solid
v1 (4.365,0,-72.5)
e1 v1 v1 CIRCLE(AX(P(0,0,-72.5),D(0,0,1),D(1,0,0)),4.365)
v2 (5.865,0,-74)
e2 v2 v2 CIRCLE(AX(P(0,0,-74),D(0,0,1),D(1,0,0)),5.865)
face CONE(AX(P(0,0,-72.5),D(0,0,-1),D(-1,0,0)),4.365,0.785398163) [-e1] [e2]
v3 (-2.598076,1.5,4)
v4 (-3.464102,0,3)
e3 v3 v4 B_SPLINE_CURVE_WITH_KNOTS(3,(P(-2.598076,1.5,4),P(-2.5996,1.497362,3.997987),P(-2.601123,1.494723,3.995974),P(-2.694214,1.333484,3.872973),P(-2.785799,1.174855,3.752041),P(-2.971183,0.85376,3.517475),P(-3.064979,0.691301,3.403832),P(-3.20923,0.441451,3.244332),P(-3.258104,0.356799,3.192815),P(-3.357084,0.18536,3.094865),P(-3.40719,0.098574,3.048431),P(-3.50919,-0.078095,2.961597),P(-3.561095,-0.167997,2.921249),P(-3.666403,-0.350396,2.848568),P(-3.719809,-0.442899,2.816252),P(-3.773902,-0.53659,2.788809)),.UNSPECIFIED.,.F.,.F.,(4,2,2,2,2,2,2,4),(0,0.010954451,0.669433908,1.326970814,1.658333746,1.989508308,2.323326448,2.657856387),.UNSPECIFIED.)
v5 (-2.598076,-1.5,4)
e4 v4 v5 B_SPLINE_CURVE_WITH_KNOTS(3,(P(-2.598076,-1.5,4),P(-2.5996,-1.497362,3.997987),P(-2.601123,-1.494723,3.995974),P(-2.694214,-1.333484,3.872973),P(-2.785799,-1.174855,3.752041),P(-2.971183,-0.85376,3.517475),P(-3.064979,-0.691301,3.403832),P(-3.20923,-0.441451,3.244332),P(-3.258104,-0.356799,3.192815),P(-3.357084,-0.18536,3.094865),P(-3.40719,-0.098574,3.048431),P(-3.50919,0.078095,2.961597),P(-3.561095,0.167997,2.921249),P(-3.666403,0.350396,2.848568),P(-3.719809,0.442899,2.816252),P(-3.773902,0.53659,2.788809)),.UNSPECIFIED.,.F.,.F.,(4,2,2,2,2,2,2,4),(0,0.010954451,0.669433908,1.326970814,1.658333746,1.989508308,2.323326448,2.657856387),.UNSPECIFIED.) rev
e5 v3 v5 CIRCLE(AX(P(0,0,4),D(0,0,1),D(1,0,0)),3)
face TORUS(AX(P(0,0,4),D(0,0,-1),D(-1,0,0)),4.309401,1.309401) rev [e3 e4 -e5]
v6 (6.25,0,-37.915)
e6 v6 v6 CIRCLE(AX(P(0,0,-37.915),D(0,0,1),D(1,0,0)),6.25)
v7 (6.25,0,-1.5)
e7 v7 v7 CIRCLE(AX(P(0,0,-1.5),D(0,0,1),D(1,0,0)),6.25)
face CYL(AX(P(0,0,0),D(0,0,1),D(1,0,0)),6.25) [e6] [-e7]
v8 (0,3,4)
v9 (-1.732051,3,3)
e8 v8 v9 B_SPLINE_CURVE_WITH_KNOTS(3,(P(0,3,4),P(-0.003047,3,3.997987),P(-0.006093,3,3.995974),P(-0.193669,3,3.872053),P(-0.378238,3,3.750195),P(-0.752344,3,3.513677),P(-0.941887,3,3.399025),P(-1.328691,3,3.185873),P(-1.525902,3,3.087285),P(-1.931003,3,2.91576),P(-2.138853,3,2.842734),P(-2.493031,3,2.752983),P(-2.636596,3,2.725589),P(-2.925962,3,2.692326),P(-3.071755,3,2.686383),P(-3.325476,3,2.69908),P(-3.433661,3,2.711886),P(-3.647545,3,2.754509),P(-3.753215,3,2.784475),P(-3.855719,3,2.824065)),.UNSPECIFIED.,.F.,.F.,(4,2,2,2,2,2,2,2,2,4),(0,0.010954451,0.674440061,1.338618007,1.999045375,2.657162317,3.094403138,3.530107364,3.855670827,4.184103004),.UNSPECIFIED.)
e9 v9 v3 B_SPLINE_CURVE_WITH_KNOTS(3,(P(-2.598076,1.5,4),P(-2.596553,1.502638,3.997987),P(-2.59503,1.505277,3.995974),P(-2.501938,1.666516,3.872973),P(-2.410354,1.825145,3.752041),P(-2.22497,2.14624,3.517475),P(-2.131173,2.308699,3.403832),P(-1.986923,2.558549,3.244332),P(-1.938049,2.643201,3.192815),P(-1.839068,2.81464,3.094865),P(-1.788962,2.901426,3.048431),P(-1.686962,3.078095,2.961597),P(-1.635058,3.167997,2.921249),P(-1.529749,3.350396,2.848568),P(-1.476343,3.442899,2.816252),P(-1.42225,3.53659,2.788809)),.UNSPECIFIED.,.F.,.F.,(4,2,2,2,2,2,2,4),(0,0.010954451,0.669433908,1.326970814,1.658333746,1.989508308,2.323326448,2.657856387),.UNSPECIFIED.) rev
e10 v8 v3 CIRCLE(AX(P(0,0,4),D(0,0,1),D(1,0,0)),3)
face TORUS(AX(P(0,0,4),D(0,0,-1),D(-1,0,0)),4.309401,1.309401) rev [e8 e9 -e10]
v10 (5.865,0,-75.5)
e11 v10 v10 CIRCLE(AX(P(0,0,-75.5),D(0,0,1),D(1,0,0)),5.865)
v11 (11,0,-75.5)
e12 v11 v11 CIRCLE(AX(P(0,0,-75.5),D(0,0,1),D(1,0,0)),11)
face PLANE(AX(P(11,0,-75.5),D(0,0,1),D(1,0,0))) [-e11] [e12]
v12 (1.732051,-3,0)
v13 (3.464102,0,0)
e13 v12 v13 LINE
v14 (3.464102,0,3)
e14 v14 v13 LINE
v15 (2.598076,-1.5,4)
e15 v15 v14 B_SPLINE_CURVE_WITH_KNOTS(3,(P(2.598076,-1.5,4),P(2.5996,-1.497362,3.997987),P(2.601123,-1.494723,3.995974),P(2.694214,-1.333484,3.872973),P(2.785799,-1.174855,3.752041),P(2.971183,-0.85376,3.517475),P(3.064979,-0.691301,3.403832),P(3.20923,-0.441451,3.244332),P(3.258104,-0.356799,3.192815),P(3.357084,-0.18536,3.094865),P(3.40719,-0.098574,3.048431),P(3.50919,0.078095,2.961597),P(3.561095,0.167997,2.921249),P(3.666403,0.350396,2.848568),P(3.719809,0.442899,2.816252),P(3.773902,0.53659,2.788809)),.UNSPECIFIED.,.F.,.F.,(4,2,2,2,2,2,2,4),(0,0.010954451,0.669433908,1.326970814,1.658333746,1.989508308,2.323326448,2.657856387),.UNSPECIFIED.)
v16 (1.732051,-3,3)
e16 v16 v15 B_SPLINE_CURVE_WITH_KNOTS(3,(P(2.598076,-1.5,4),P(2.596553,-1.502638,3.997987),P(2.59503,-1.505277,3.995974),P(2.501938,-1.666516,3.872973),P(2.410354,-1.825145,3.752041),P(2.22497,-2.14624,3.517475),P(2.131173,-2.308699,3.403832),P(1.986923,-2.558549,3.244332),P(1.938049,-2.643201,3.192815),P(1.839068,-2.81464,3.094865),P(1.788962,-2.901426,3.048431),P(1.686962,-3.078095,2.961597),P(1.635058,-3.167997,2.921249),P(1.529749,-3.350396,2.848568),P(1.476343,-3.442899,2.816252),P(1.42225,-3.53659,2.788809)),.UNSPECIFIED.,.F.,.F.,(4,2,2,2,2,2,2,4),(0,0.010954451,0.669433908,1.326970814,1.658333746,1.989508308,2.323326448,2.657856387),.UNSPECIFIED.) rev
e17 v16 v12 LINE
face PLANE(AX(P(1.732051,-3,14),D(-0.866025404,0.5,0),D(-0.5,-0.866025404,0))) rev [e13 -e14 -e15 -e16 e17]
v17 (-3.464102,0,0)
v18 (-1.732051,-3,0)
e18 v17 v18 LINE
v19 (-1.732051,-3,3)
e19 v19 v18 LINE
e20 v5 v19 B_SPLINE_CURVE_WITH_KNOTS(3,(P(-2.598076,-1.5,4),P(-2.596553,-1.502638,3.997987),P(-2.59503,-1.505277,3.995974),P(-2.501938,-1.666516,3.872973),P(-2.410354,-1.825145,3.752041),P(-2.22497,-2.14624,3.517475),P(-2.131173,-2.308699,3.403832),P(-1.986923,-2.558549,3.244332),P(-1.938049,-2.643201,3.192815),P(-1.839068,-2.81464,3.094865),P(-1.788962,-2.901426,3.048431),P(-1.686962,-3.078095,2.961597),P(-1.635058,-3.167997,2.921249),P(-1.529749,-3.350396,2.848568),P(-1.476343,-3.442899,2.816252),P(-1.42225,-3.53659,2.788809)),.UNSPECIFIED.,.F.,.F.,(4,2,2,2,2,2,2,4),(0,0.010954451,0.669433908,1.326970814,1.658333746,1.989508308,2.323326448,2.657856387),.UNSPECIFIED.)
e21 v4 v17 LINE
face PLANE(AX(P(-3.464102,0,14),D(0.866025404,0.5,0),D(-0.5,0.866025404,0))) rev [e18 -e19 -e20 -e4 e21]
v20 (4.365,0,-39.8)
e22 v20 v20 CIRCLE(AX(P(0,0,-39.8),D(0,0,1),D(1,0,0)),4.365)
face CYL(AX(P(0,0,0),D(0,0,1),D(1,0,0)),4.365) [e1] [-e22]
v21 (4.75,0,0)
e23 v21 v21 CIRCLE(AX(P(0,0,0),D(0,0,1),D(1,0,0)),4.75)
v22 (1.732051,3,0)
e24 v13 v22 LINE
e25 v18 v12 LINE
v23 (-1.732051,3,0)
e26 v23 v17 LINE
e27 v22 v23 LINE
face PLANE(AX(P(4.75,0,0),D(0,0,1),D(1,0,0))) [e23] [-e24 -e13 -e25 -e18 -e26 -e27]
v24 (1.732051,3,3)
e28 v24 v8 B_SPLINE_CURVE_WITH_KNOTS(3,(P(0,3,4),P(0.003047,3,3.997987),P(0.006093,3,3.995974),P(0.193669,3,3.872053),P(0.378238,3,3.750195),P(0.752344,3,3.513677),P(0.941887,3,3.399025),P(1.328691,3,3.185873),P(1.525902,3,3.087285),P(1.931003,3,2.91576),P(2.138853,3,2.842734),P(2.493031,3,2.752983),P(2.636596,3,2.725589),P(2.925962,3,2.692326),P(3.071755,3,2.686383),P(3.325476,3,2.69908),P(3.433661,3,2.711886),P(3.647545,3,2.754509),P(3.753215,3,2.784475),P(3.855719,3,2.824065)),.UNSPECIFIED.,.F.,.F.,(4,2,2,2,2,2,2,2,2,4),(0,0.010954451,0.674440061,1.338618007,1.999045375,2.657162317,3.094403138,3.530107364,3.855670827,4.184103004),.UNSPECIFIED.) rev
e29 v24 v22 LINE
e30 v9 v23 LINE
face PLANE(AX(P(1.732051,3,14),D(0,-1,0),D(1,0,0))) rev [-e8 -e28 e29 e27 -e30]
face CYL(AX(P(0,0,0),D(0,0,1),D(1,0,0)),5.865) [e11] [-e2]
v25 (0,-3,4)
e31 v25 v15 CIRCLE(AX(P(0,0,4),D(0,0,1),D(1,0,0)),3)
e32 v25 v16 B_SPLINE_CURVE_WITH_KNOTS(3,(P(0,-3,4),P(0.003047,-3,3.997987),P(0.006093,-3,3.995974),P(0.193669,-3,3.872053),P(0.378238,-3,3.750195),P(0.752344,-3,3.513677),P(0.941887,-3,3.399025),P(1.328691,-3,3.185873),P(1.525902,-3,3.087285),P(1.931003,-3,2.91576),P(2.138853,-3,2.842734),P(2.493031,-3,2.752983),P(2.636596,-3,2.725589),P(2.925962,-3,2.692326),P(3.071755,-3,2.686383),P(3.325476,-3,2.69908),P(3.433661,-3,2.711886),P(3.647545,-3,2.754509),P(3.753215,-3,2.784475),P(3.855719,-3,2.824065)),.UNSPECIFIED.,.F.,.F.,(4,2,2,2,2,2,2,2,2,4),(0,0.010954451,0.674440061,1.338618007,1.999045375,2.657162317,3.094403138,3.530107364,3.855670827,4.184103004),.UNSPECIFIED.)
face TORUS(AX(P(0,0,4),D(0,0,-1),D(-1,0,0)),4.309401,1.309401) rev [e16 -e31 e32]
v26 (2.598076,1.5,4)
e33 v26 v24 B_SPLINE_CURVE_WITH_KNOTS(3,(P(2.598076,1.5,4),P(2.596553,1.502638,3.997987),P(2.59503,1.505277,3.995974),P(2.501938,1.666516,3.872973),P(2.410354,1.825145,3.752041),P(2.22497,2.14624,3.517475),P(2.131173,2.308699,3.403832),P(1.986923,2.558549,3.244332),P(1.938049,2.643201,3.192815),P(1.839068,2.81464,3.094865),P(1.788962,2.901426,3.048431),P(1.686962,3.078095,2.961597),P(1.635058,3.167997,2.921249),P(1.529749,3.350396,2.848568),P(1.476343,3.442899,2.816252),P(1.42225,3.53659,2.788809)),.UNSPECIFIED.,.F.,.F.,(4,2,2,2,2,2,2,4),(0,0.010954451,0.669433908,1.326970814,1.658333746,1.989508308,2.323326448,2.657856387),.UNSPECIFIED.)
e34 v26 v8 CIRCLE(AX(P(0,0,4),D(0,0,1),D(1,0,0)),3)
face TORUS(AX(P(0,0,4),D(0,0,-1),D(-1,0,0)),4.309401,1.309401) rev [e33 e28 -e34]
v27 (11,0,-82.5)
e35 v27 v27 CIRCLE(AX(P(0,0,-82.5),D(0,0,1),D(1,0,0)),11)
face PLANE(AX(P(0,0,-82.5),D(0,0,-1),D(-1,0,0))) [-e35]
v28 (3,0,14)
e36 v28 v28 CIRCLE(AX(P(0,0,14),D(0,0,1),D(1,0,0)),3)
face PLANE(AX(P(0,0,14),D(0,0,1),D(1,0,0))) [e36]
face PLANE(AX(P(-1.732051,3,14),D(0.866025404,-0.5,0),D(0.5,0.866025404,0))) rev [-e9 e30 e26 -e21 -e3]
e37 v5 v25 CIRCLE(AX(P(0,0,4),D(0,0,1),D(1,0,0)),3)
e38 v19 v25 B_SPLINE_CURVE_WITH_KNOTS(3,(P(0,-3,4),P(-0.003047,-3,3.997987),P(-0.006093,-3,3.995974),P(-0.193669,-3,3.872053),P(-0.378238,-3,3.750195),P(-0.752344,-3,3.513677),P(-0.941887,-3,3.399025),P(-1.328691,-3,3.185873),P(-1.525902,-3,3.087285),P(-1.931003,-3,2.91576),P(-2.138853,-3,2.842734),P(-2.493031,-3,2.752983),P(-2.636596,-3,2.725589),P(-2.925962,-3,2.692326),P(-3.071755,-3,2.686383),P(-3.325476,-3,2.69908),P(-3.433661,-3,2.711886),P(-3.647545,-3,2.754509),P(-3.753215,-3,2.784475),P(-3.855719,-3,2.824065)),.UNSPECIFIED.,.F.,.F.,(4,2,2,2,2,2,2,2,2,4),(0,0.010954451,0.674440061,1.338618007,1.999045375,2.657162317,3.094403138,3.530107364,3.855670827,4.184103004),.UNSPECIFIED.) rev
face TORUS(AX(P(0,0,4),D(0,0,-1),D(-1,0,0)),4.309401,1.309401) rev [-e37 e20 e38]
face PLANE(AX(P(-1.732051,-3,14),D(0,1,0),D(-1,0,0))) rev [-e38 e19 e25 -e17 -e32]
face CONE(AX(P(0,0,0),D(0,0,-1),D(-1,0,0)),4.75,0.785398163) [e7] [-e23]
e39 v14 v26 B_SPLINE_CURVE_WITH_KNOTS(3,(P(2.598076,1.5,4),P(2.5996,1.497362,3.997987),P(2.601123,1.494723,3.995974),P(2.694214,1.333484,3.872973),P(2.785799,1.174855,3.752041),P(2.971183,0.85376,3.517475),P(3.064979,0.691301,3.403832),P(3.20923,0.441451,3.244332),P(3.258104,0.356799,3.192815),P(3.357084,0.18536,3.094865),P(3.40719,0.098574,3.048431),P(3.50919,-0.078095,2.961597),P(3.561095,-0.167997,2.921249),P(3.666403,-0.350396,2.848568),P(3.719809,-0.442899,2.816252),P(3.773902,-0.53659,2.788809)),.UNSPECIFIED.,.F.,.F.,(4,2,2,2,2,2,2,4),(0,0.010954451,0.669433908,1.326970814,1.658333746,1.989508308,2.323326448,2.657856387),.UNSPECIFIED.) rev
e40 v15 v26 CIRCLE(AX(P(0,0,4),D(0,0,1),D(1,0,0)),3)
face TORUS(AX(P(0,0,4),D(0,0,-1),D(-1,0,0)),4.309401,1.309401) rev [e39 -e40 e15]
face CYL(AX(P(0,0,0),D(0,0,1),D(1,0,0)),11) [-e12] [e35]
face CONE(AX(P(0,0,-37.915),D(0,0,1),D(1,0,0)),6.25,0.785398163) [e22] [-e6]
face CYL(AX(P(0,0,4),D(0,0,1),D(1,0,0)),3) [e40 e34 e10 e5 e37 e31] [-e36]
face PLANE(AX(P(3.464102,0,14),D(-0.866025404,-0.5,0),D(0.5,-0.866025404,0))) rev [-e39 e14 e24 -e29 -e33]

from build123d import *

# Parameters (mm, degrees)
BOSS_EXTRUDE1_DEPTH = 14
SKETCH3_OUTSIDE_W   = 44.278
SKETCH3_OUTSIDE_H   = 44.278
SKETCH3_OUTSIDE_R   = 3
CUT_EXTRUDE1_DEPTH  = 10


with BuildPart() as part:
    # Sketch1 → Revolve1 (revolve)
    with BuildSketch(Plane(origin=(0, 0, 0), x_dir=(1, 0, 0), z_dir=(0, 1, 0))):
        Polygon((0, 0), (0, 82.5), (11, 82.5), (11, 75.5), (5.865, 75.5), (5.865, 74), (4.365, 72.5), (4.365, 39.8), (6.25, 37.915), (6.25, 1.5), (4.75, 0), align=None)
    revolve(axis=Axis((0, 0, 0), (0, 0, -1)))

    # Sketch2 → Boss-Extrude1 (add)
    with BuildSketch(Plane.XY):
        Polygon((3.464101615, 0), (1.732050808, 3), (-1.732050808, 3), (-3.464101615, 0), (-1.732050808, -3), (1.732050808, -3), align=None)
    extrude(amount=BOSS_EXTRUDE1_DEPTH)

    # Sketch3 outside → Cut-Extrude1 (cut)
    with BuildSketch(Plane.XY.offset(14)):
        Rectangle(SKETCH3_OUTSIDE_W, SKETCH3_OUTSIDE_H)
        Circle(SKETCH3_OUTSIDE_R, mode=Mode.SUBTRACT)
    extrude(amount=-CUT_EXTRUDE1_DEPTH, mode=Mode.SUBTRACT)

    # Sketch4 → Cut-Revolve1 (revolve, cut)
    with BuildSketch(Plane(origin=(0, 0, 0), x_dir=(1, 0, 0), z_dir=(0, 1, 0))):
        with BuildLine():
            Line((3.464101615, -3), (3.464101615, -4))
            Line((3.464101615, -4), (3, -4))
            ThreePointArc((3, -4), (3.121679054, -3.448776291), (3.464101615, -3))
        make_face()
    revolve(axis=Axis((0, 0, 0), (0, 0, 1)), mode=Mode.SUBTRACT)


solid = part.part
